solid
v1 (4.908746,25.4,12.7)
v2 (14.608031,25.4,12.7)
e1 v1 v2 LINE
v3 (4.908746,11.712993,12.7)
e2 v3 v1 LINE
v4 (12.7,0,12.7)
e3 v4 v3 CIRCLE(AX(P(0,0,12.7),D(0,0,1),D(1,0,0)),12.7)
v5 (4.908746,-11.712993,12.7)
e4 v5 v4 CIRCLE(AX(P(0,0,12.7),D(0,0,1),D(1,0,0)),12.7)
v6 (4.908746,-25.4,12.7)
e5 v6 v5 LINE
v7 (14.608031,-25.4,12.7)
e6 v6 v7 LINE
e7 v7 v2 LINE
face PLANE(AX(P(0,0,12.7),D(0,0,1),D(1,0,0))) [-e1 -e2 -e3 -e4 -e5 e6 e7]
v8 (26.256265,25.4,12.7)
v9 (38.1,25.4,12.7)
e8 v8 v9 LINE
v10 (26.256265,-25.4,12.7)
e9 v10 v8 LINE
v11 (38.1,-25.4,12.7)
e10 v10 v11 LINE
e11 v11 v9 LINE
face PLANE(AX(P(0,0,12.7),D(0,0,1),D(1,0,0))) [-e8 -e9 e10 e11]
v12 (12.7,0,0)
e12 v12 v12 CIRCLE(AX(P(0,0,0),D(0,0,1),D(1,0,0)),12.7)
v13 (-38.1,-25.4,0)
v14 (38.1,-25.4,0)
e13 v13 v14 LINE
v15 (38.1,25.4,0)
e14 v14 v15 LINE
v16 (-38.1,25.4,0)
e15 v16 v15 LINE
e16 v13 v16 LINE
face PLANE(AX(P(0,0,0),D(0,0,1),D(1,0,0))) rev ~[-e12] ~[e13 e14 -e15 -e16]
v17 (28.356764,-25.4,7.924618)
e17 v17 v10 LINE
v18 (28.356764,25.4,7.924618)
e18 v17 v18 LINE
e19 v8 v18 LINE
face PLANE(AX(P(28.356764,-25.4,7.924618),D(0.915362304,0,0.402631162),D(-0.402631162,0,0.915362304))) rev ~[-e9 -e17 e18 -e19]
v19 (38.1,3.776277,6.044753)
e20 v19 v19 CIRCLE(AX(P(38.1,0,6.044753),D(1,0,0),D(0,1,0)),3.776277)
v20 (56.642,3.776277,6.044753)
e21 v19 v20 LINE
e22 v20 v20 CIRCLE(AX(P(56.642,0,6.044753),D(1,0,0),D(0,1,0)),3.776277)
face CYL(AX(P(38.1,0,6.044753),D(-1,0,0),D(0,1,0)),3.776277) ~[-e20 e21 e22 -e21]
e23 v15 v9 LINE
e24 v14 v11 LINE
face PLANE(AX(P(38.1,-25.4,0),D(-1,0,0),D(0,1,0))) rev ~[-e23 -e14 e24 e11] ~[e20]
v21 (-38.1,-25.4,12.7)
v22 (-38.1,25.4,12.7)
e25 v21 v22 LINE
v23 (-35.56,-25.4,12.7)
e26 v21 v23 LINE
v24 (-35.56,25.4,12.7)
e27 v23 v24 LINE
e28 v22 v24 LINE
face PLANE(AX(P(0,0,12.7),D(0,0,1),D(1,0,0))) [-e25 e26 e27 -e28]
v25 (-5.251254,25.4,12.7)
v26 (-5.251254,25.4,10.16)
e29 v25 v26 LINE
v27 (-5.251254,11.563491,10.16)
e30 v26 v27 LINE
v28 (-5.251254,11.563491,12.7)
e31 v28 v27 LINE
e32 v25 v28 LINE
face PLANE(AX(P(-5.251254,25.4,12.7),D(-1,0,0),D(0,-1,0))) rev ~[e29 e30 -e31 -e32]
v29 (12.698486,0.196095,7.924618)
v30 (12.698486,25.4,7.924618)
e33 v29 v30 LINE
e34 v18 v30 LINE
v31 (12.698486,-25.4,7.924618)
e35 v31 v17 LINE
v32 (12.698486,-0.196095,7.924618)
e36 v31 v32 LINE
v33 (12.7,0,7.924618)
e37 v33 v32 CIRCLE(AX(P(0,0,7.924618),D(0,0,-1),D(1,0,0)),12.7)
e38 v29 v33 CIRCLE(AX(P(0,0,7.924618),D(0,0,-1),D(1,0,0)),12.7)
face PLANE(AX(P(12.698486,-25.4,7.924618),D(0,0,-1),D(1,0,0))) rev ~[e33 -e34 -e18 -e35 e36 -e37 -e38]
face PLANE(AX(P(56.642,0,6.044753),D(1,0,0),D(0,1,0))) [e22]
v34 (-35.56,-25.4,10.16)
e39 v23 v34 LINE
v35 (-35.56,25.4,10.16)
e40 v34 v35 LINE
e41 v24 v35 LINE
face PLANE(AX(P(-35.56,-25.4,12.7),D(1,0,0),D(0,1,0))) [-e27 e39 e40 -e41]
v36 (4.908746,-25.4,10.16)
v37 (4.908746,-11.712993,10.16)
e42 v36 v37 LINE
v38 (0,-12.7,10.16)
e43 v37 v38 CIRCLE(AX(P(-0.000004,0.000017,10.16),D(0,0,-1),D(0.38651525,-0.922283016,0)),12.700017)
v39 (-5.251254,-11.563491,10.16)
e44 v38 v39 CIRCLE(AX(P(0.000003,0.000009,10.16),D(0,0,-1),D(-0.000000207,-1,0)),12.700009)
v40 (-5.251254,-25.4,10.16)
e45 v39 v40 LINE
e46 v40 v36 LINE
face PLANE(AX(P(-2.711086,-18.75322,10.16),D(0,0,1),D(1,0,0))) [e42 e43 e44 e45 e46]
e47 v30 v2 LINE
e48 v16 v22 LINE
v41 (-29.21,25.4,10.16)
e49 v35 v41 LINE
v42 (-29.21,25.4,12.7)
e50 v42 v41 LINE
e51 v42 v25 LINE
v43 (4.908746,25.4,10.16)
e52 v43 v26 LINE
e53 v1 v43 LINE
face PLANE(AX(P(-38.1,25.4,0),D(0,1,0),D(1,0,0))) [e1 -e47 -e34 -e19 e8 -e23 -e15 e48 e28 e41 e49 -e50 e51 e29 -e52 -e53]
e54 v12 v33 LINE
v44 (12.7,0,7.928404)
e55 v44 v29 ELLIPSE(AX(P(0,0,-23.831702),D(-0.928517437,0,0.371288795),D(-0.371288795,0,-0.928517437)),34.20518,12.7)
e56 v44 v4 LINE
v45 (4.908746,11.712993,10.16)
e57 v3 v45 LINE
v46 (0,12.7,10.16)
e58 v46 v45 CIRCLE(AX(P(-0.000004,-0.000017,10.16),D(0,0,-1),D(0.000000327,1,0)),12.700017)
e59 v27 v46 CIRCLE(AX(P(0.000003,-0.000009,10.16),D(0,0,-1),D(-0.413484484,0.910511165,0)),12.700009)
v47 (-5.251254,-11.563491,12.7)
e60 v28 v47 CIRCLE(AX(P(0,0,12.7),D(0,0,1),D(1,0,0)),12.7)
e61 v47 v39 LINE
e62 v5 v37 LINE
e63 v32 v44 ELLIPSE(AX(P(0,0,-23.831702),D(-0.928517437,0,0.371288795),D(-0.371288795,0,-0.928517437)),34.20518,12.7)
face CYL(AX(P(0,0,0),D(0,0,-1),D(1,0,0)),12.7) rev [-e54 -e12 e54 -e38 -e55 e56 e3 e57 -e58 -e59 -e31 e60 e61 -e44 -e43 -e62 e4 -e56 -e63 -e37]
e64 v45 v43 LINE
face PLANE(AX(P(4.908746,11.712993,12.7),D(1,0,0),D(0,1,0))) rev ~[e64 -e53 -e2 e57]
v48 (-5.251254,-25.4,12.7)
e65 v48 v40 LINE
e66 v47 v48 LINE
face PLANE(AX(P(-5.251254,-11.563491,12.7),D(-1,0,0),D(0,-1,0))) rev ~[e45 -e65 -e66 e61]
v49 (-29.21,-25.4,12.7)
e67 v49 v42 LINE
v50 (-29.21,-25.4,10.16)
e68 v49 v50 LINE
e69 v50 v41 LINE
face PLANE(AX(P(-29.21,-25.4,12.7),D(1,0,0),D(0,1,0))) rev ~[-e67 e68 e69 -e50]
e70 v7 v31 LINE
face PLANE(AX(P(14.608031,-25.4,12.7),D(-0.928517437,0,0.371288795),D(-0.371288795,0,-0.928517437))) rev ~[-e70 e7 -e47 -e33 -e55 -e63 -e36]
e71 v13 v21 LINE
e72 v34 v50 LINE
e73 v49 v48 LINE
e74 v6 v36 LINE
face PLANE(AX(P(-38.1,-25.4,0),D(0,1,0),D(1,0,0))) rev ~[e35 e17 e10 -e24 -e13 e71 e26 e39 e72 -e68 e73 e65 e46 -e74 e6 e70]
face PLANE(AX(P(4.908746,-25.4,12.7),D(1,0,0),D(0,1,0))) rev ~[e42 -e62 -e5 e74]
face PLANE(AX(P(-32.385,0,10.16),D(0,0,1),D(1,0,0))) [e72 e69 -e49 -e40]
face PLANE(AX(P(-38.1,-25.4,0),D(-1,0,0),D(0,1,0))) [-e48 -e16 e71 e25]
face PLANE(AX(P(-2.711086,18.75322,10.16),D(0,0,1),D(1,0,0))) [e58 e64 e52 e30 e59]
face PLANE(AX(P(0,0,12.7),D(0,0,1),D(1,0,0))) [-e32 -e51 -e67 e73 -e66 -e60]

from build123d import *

# Parameters (mm, degrees)
F0_W     = 76.2
F0_H     = 50.8
F0_R     = 12.7
F1_DEPTH = 12.7
F2_W     = 6.35
F2_H     = 50.8
F3_DEPTH = 2.54
F4_R     = 3.776277
F5_DEPTH = 18.542
F7_DEPTH = 50.801


with BuildPart() as f1:
    # F0 (on Top) → F1 (new body)
    with BuildSketch(Plane.XY):
        Rectangle(F0_W, F0_H)
        Circle(F0_R, mode=Mode.SUBTRACT)
    extrude(amount=F1_DEPTH)

    # F2 (on face) → F3 (cut)
    with BuildSketch(Plane.XY.offset(12.7)):
        with Locations((-32.385, 0)):
            Rectangle(F2_W, F2_H)
        with BuildLine():
            Line((-5.251254, -11.563491), (-5.251254, -25.4))
            Line((-5.251254, -25.4), (0, -25.4))
            Line((0, -25.4), (0, -12.7))
            ThreePointArc((0, -12.7), (-2.686416, -12.412621), (-5.251254, -11.563491))
        make_face()
        with BuildLine():
            Line((0, -12.7), (0, -25.4))
            Line((0, -25.4), (4.908746, -25.4))
            Line((4.908746, -25.4), (4.908746, -11.712993))
            ThreePointArc((4.908746, -11.712993), (2.503496, -12.450803), (0, -12.7))
        make_face()
        with BuildLine():
            Line((0, 25.4), (-5.251254, 25.4))
            Line((-5.251254, 25.4), (-5.251254, 11.563491))
            ThreePointArc((-5.251254, 11.563491), (-2.686416, 12.412621), (0, 12.7))
            Line((0, 12.7), (0, 25.4))
        make_face()
        with BuildLine():
            Line((4.908746, 25.4), (0, 25.4))
            Line((0, 25.4), (0, 12.7))
            ThreePointArc((0, 12.7), (2.503496, 12.450803), (4.908746, 11.712993))
            Line((4.908746, 11.712993), (4.908746, 25.4))
        make_face()
    extrude(amount=-F3_DEPTH, mode=Mode.SUBTRACT)

    # F4 (on face) → F5 (join)
    with BuildSketch(Plane.YZ.offset(38.1)):
        with Locations((0, 6.044753)):
            Circle(F4_R)
    extrude(amount=F5_DEPTH)

    # F6 (on face) → F7 (cut, through all)
    with BuildSketch(Plane.XZ.offset(25.4)):
        Polygon((26.256265, 12.7), (14.608031, 12.7), (12.698486, 7.924618), (28.356764, 7.924618), align=None)
    extrude(amount=-F7_DEPTH, mode=Mode.SUBTRACT)


solid = f1.part
